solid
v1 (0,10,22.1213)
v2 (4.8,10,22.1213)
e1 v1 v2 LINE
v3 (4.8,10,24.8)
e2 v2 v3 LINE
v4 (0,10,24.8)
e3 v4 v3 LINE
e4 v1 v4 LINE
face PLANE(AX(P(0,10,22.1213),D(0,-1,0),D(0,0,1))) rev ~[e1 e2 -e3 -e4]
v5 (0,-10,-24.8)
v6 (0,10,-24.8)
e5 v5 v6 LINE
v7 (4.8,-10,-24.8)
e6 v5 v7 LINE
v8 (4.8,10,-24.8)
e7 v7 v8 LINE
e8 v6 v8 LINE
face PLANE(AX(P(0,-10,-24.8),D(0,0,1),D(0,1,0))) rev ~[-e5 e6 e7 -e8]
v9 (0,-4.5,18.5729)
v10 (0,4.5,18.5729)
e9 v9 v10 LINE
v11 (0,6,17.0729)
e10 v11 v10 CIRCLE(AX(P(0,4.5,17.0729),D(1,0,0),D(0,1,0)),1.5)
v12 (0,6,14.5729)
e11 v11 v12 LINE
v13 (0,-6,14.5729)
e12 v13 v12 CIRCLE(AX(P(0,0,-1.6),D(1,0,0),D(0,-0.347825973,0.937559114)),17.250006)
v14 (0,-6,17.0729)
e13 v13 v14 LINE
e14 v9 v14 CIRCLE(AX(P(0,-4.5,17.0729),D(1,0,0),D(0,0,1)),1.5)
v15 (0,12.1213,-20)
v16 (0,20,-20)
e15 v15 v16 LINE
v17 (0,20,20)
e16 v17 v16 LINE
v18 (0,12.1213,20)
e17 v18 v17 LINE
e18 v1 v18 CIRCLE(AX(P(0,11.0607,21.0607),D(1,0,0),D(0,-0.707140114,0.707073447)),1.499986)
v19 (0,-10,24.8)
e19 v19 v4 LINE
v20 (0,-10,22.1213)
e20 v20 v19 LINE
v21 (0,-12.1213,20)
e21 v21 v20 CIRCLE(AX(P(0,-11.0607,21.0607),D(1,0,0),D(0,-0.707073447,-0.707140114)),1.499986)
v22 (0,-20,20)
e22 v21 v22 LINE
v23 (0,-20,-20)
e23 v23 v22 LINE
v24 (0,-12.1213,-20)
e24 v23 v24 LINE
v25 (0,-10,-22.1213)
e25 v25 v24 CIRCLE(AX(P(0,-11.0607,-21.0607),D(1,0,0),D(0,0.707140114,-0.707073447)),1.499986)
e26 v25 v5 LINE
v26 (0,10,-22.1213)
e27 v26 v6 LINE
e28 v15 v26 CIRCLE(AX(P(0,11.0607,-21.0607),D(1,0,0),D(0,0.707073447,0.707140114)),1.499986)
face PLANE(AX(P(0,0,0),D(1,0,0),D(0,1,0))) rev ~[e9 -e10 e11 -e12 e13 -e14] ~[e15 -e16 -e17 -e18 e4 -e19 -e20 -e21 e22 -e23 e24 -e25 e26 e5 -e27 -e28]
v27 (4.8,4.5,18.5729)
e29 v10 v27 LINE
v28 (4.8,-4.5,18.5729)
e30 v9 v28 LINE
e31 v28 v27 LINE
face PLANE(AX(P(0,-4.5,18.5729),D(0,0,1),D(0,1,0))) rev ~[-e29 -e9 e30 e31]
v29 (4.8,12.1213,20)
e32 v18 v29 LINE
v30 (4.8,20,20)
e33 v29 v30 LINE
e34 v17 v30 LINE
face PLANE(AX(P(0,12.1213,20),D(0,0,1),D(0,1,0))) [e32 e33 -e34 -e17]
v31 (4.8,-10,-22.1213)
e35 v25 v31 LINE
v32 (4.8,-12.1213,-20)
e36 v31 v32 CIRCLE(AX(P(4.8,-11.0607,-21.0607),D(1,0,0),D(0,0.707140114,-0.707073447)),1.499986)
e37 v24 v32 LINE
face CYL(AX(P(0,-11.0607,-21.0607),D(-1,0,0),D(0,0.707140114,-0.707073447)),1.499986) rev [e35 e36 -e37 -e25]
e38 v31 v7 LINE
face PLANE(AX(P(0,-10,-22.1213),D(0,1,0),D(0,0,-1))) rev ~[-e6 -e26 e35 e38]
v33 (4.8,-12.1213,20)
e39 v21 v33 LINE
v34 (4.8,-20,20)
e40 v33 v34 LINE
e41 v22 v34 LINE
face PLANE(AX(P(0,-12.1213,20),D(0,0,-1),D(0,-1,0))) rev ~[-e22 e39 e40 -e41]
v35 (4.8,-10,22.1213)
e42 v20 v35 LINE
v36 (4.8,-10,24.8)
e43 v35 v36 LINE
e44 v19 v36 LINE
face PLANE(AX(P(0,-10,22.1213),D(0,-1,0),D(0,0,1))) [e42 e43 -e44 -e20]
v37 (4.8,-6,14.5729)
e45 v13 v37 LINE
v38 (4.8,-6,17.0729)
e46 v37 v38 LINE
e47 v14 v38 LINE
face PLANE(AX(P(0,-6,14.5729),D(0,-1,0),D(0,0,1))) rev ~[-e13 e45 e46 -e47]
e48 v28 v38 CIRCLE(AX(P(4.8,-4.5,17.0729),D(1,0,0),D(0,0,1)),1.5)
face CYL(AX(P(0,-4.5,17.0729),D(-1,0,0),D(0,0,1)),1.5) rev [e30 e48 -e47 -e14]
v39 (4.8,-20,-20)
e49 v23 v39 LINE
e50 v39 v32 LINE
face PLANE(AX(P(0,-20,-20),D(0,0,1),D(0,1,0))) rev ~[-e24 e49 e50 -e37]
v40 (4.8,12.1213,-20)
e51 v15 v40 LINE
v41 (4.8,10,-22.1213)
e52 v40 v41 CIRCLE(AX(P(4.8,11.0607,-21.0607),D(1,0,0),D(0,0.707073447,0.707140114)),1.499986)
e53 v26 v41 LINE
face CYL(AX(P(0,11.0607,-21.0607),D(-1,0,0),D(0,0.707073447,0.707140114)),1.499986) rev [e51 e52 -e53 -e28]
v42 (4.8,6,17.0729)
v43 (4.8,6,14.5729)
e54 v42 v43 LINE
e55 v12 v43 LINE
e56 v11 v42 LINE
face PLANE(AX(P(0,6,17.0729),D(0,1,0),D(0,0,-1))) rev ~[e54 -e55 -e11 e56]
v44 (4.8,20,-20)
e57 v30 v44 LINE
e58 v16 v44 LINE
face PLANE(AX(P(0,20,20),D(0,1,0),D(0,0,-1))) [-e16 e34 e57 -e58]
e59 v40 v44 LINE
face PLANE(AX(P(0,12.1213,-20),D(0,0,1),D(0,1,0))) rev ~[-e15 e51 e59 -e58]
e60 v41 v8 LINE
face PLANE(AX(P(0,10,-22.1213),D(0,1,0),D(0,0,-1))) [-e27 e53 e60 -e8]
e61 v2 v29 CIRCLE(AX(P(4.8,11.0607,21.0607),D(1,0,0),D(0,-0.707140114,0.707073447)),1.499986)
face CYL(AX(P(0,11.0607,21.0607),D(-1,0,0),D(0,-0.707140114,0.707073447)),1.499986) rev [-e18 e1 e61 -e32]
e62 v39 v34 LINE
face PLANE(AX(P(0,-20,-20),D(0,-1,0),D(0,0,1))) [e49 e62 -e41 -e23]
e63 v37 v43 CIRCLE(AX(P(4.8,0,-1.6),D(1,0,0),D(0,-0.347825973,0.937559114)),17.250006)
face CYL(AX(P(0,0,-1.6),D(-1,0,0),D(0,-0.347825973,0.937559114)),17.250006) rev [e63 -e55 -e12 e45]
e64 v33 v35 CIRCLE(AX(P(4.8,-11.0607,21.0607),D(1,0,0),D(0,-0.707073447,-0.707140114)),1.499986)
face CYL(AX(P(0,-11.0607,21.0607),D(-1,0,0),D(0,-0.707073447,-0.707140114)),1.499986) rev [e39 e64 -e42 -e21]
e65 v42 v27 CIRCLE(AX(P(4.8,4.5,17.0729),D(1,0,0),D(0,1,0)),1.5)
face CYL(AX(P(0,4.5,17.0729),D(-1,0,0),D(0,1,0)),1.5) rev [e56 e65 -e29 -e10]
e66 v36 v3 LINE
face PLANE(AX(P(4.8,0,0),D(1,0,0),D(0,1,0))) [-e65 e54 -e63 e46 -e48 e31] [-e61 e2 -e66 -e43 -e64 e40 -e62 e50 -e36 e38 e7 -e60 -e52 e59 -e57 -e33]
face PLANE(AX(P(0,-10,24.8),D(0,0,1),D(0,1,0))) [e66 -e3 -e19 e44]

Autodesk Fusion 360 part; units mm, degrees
sketch "Sketch1" plane through (0, 0, 0) normal (1, 0, 0) x (0, 1, 0)
  line L0 (-20, 20) -> (20, 20) construction
  line L1 (20, 20) -> (20, -20)
  line L2 (20, -20) -> (-20, -20) construction
  line L3 (-20, -20) -> (-20, 20)
  line L4 (0, 0) -> (20, 0) construction
  line L5 (0, 0) -> (0, 20) construction
  line L6 (-10, 20) -> (-10, 24.8) construction
  line L7 (-10, 24.8) -> (10, 24.8)
  line L8 (10, 24.8) -> (10, 20) construction
  line L9 (-10, -20) -> (-10, -24.8) construction
  line L10 (-10, -24.8) -> (10, -24.8)
  line L11 (10, -24.8) -> (10, -20) construction
  line L12 (0, 0) -> (0, -1.6) construction
  line L13 (-6, 17.0729) -> (-6, 18.5729) construction
  line L14 (-6, 18.5729) -> (6, 18.5729) construction
  line L15 (6, 18.5729) -> (6, 17.0729) construction
  line L16 (-11.0607, 21.0607) -> (-10, 20) construction
  line L17 (11.0607, 21.0607) -> (10, 20) construction
  line L18 (11.0607, -21.0607) -> (10, -20) construction
  line L19 (-11.0607, -21.0607) -> (-10, -20) construction
  arc A0 (-6, 17.0729) -> (-4.5, 18.5729) centre (-4.5, 17.0729) ccw construction
  arc A1 (-4.5, 18.5729) -> (-6, 17.0729) centre (-4.5, 17.0729) ccw
  arc A2 (4.5, 18.5729) -> (6, 17.0729) centre (4.5, 17.0729) ccw construction
  arc A3 (6, 17.0729) -> (4.5, 18.5729) centre (4.5, 17.0729) ccw
  line L20 (-6, 14.5729) -> (-6, 17.0729)
  line L21 (6, 17.0729) -> (6, 14.5729)
  arc A4 (-6, 14.5729) -> (6, 14.5729) centre (0, -1.6) ccw
  arc A5 (6, 14.5729) -> (0, 15.65) centre (0, -1.6) ccw construction
  arc A6 (0, 15.65) -> (-6, 14.5729) centre (0, -1.6) ccw construction
  line L22 (-4.5, 18.5729) -> (4.5, 18.5729)
  arc A7 (-12.1213, 20) -> (-10, 22.1213) centre (-11.0607, 21.0607) ccw
  arc A8 (-10, 22.1213) -> (-12.1213, 20) centre (-11.0607, 21.0607) ccw construction
  arc A9 (10, 22.1213) -> (12.1213, 20) centre (11.0607, 21.0607) ccw
  arc A10 (12.1213, 20) -> (10, 22.1213) centre (11.0607, 21.0607) ccw construction
  arc A11 (-10, -22.1213) -> (-12.1213, -20) centre (-11.0607, -21.0607) ccw
  arc A12 (-12.1213, -20) -> (-10, -22.1213) centre (-11.0607, -21.0607) ccw construction
  arc A13 (12.1213, -20) -> (10, -22.1213) centre (11.0607, -21.0607) ccw
  arc A14 (10, -22.1213) -> (12.1213, -20) centre (11.0607, -21.0607) ccw construction
  line L23 (-10, 22.1213) -> (-10, 24.8)
  line L24 (10, 22.1213) -> (10, 24.8)
  line L25 (12.1213, 20) -> (20, 20)
  line L26 (-12.1213, 20) -> (-20, 20)
  line L27 (-20, -20) -> (-12.1213, -20)
  line L28 (-10, -22.1213) -> (-10, -24.8)
  line L29 (10, -22.1213) -> (10, -24.8)
  line L30 (12.1213, -20) -> (20, -20)
  point P0 (0, 18.5729)
  dimension "d39" = 40
  dimension "d40" = 40
  dimension "d41" = 4.8
  dimension "d42" = 20
  dimension "d43" = 10
  dimension "d44" = 4.8
  dimension "d45" = 20
  dimension "d46" = 10
  dimension "d47" = 1.6
  dimension "d48" = 34.5
  dimension "d49" = 4
  dimension "d51" = 3
  dimension "d52" = 1.5
  dimension "d53" = 45
  dimension "d54" = 3
  dimension "d55" = 3
  dimension "d56" = 3
  dimension "d57" = 1.5
  dimension "d58" = 45
  dimension "d59" = 3
  dimension "d60" = 1.5
  dimension "d61" = 45
  dimension "d62" = 3
  dimension "d63" = 1.5
  dimension "d64" = 45
  dimension "d65" = 12
extrude "Extrude1" add sketch "Sketch1" along normal blind 4.8
